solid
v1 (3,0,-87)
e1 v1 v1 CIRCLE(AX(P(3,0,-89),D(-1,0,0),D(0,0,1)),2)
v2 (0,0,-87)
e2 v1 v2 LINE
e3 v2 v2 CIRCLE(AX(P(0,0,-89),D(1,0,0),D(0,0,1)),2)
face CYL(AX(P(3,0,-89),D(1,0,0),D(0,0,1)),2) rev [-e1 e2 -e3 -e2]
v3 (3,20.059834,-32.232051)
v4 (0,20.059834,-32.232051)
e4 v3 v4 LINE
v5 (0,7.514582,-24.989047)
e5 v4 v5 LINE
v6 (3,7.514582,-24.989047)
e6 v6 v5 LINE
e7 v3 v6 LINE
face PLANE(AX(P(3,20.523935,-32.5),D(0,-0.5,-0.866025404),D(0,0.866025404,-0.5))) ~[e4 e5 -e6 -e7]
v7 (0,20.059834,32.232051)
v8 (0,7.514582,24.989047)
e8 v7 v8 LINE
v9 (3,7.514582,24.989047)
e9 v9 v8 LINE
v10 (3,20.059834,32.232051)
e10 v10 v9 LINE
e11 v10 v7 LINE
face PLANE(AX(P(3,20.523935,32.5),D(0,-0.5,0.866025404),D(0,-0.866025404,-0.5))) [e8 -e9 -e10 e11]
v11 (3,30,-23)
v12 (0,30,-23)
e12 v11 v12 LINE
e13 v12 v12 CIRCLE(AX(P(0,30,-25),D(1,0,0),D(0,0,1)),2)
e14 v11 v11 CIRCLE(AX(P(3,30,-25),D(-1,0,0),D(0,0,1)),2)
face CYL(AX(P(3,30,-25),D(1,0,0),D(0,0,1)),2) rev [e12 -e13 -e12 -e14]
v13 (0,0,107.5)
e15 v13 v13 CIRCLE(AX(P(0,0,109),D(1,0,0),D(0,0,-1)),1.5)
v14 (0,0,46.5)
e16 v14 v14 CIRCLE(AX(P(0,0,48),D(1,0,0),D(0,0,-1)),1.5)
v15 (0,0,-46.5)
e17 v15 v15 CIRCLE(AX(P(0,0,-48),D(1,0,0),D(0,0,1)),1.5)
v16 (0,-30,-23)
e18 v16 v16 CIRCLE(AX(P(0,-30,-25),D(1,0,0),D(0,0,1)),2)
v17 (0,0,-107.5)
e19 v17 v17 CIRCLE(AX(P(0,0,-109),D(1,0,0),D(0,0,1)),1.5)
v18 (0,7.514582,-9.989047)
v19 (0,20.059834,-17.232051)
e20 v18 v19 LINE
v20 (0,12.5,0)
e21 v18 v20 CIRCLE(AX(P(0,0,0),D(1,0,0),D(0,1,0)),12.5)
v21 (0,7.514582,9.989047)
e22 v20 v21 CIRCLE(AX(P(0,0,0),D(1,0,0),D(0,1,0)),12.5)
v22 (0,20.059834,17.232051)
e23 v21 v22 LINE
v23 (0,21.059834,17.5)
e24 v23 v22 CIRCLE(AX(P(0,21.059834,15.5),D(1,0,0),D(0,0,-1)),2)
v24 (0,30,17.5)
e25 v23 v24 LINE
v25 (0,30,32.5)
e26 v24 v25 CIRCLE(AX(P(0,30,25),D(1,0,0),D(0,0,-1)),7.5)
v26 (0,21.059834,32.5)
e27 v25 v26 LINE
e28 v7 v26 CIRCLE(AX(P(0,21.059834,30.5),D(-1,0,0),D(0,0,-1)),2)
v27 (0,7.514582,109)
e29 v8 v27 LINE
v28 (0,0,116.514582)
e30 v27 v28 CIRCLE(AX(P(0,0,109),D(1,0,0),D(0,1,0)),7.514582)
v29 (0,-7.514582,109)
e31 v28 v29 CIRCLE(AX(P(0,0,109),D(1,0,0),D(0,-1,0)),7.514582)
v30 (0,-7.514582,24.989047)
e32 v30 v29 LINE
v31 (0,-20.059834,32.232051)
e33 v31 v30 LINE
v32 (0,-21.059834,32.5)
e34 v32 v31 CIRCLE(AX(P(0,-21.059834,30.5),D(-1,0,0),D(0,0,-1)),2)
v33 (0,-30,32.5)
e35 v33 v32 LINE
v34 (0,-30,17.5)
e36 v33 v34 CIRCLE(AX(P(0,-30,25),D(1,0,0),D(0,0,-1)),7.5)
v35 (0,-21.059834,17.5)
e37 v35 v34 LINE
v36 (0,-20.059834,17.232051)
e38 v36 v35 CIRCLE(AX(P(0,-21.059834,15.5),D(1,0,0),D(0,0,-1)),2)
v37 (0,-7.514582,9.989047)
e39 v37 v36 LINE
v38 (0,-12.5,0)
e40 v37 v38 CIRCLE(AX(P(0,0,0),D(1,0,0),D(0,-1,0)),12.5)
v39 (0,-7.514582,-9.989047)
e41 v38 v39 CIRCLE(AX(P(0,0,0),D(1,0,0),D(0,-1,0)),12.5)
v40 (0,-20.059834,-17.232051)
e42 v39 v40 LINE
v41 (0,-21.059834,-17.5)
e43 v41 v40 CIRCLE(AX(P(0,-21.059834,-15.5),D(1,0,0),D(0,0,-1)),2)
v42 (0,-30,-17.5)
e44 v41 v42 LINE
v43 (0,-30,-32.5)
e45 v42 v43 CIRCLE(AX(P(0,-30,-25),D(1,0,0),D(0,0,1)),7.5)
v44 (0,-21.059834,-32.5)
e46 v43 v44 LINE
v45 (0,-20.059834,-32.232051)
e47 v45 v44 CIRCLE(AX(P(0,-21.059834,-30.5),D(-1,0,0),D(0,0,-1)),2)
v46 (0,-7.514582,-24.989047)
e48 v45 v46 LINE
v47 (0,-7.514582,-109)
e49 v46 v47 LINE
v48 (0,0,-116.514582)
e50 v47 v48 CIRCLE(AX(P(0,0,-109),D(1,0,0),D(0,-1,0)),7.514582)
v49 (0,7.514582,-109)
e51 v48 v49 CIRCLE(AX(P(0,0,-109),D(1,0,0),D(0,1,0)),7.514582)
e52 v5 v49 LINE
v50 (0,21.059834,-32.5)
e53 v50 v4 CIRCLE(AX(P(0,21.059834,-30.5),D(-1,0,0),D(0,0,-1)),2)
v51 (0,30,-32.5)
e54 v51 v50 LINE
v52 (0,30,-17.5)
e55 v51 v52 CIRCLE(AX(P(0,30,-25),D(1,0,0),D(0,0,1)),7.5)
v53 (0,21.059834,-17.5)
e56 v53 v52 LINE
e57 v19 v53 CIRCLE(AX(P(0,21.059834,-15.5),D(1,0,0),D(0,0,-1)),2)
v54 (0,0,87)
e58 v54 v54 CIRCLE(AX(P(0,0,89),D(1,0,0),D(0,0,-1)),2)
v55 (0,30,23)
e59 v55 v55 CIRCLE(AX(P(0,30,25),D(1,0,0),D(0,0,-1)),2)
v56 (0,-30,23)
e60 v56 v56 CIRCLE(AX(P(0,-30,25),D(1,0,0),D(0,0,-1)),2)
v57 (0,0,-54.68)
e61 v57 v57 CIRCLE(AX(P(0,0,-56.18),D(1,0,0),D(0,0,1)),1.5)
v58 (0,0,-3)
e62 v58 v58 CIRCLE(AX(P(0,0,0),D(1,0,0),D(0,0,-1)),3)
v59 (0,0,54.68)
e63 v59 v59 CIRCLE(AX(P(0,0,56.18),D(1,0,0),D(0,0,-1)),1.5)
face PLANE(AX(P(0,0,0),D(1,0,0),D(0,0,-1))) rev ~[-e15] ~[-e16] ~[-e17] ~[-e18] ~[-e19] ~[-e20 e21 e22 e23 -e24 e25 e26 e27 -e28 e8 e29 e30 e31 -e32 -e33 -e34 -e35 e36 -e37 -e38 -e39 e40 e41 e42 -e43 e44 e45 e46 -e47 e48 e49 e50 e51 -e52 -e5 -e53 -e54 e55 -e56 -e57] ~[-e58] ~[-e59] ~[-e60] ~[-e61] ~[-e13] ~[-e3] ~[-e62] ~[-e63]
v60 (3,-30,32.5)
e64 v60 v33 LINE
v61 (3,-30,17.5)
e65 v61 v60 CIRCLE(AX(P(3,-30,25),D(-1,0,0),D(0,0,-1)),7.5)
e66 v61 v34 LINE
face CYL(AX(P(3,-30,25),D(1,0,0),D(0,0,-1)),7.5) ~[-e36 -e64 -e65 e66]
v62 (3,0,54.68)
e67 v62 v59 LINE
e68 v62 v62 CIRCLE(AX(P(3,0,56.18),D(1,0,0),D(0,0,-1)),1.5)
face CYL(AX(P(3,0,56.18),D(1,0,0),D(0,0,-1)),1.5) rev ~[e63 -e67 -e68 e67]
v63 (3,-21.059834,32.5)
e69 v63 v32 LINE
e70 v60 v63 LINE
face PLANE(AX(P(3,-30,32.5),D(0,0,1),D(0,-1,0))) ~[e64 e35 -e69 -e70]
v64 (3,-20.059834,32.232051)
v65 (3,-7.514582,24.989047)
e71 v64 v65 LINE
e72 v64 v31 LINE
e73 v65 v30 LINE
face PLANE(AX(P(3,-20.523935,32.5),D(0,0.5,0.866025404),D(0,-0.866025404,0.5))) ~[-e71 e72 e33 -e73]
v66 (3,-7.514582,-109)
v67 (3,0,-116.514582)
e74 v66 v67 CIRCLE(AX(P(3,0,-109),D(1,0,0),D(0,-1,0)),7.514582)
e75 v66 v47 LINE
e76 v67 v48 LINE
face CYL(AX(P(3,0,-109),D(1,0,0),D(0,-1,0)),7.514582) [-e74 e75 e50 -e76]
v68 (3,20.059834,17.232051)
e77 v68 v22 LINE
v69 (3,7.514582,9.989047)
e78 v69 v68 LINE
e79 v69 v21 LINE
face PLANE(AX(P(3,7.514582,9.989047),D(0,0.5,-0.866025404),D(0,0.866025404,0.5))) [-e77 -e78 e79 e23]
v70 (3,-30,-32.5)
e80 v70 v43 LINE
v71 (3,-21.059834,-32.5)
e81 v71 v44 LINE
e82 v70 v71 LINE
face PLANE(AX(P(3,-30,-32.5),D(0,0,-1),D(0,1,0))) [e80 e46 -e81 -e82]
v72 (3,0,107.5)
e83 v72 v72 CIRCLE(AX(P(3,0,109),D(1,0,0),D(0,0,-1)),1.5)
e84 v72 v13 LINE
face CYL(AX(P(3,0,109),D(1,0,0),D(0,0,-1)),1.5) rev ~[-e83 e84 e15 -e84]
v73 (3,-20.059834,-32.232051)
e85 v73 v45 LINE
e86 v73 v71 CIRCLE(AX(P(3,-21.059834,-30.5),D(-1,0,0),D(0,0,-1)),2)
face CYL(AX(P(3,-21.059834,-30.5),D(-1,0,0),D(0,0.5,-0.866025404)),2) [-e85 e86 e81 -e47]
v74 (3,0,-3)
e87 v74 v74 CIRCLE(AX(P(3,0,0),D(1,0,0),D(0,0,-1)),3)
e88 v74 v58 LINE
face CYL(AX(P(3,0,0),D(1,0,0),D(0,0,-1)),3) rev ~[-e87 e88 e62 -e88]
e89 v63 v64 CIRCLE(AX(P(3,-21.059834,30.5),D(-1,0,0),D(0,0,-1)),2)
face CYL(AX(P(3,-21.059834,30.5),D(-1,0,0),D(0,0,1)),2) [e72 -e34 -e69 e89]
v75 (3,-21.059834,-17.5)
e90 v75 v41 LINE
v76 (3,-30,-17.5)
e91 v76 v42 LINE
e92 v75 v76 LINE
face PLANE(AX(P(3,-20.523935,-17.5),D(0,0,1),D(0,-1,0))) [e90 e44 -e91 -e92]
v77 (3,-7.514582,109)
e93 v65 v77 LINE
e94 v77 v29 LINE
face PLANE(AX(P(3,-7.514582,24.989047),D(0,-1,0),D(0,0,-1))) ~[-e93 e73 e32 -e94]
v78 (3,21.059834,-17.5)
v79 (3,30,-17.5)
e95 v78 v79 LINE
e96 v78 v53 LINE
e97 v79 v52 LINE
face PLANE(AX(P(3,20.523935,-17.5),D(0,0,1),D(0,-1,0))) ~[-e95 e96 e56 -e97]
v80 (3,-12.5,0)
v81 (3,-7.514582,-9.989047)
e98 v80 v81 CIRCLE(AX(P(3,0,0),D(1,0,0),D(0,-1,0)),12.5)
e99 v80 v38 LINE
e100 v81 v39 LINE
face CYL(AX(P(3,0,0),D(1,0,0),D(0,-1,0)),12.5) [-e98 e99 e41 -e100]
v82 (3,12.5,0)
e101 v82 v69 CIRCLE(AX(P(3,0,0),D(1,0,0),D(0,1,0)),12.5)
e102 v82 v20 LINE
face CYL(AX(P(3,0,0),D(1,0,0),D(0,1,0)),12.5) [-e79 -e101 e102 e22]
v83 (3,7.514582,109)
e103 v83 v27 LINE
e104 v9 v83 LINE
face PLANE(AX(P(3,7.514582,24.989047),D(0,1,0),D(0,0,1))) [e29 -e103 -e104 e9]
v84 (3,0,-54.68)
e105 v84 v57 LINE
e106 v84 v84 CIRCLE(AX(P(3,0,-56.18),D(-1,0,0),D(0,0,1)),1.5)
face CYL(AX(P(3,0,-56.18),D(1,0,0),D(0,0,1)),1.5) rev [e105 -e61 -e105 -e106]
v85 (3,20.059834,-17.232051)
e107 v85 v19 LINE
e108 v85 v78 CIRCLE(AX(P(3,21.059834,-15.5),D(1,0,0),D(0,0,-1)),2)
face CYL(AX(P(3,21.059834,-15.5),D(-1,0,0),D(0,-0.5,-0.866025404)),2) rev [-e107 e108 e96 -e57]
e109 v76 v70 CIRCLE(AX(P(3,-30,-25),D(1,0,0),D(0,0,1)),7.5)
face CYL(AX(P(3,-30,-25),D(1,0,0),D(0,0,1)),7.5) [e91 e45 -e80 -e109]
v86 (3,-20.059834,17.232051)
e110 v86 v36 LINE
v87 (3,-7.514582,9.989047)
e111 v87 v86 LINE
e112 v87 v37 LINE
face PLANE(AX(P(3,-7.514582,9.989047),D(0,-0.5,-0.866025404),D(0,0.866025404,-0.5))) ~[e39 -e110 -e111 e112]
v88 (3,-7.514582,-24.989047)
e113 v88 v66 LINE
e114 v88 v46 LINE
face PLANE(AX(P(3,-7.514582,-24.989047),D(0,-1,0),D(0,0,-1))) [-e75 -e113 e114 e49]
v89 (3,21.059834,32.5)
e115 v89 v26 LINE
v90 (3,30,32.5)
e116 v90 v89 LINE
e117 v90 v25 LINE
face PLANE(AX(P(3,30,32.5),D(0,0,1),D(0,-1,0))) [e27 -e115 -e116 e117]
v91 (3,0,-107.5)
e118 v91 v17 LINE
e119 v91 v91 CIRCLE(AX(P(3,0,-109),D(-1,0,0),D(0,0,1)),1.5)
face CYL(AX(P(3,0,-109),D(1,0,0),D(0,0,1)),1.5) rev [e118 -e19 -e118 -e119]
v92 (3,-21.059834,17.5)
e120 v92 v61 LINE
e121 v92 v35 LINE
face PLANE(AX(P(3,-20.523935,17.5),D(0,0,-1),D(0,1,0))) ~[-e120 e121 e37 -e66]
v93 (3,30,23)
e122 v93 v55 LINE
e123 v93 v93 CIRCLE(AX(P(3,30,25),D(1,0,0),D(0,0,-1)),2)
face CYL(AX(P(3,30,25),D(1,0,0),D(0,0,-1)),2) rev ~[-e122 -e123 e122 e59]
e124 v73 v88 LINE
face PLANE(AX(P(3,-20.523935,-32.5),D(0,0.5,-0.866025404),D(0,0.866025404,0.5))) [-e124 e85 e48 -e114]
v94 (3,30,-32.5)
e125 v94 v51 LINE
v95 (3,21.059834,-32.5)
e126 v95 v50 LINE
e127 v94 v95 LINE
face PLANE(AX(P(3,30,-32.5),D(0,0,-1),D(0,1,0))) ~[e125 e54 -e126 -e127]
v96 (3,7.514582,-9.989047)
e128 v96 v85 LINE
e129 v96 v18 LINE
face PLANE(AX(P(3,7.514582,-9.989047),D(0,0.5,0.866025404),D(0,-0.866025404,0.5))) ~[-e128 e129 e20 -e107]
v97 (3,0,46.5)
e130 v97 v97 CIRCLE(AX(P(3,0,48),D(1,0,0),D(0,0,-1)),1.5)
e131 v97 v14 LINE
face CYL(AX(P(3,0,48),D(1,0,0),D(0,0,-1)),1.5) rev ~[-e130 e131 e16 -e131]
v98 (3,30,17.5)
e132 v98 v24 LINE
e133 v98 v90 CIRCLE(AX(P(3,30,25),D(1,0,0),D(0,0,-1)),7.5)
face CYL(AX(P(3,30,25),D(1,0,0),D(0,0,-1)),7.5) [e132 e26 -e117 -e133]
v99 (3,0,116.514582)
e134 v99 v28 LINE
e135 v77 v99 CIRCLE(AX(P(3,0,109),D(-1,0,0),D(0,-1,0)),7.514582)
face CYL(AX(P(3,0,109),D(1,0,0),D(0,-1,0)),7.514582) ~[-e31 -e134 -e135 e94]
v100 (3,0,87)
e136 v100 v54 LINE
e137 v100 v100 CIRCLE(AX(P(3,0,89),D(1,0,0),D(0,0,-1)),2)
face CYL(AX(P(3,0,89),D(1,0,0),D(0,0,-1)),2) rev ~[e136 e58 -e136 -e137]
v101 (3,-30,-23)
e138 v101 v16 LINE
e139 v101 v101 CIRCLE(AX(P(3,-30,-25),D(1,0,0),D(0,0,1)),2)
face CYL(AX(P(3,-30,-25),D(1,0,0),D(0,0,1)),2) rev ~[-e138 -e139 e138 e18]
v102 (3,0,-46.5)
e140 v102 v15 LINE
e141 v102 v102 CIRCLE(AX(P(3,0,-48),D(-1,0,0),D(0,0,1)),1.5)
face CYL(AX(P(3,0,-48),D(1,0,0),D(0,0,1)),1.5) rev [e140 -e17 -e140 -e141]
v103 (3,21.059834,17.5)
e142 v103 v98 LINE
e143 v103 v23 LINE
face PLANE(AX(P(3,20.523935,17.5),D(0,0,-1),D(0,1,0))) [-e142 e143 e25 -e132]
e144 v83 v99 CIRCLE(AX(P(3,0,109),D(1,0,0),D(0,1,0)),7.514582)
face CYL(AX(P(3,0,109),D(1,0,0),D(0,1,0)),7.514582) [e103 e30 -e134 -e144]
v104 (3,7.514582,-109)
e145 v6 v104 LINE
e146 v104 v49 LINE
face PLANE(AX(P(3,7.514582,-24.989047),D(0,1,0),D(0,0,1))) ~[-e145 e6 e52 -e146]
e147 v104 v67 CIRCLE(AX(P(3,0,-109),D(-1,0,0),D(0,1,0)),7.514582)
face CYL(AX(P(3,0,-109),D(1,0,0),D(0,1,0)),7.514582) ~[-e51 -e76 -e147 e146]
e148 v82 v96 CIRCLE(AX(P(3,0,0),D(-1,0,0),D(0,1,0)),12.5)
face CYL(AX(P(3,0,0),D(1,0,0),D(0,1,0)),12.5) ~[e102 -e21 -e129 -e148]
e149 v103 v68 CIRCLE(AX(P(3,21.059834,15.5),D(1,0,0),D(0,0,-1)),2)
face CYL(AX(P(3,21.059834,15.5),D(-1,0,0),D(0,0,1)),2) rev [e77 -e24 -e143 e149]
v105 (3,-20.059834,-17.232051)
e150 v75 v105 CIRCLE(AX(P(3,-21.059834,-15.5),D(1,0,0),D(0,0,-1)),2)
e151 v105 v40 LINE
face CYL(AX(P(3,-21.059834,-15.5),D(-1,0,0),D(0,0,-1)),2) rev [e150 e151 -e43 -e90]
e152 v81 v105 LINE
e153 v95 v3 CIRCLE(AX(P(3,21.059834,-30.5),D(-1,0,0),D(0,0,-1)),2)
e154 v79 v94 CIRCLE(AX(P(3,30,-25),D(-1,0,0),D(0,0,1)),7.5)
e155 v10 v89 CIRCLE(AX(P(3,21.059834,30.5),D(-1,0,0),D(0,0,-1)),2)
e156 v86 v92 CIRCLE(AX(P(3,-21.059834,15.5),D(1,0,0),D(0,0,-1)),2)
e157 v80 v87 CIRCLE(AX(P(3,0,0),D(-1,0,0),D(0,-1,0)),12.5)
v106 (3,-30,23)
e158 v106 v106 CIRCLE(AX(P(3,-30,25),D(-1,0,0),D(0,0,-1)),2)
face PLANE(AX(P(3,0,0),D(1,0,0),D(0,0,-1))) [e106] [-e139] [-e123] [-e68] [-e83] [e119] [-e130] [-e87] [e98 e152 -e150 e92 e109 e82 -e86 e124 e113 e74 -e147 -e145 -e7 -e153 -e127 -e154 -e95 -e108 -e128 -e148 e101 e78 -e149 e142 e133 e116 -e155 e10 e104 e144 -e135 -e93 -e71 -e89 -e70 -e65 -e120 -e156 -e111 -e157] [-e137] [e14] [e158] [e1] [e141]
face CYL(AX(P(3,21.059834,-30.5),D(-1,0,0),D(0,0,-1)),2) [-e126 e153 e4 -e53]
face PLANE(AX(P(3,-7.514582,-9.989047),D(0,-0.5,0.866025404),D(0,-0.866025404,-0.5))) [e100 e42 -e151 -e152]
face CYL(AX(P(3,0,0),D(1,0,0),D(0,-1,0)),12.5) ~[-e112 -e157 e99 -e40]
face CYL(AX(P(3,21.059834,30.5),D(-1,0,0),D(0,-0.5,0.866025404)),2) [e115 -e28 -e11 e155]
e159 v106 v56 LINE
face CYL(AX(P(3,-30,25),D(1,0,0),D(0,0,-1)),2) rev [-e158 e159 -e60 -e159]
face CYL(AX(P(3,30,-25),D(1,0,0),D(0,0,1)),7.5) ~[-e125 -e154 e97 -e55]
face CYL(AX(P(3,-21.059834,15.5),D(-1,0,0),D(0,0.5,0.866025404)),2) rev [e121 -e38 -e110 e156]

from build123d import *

# Parameters (mm, degrees)
SKETCH1_W               = 250
SKETCH1_H               = 90
BOSS_EXTRUDE1_DEPTH     = 3
SKETCH2_R               = 3
SKETCH2_R_2             = 1.5
SKETCH2_R_3             = 2
CUT_EXTRUDE1_DEPTH      = 4
SKETCH3_R               = 2
CUT_EXTRUDE2_DEPTH      = 4
CUT_EXTRUDE3_DEPTH      = 4
MIRROR2_COPY_1_SKETCH_R = 2
MIRROR2_COPY_1_DEPTH    = 4
MIRROR2_COPY_2_DEPTH    = 4
FILLET2_R               = 2


with BuildPart() as part:
    # Sketch1 → Boss-Extrude1 (new body)
    with BuildSketch(Plane(origin=(0, 0, 0), x_dir=(0, 0, -1), z_dir=(1, 0, 0))):
        Rectangle(SKETCH1_W, SKETCH1_H)
    extrude(amount=BOSS_EXTRUDE1_DEPTH)

    # Sketch2 → Cut-Extrude1 (cut, through all)
    with BuildSketch(Plane(origin=(3, 0, 0), x_dir=(0, 0, -1), z_dir=(1, 0, 0))):
        Circle(SKETCH2_R)
        with Locations((-48, 0)):
            Circle(SKETCH2_R_2)
        with Locations((-89, 0)):
            Circle(SKETCH2_R_3)
        with Locations((-109, 0)):
            Circle(SKETCH2_R_2)
        with Locations((-56.18, 0)):
            Circle(SKETCH2_R_2)
    cut_extrude1 = extrude(amount=-CUT_EXTRUDE1_DEPTH, mode=Mode.SUBTRACT)

    # Sketch3 → Cut-Extrude2 (cut, through all)
    with BuildSketch(Plane(origin=(3, 0, 0), x_dir=(0, 0, -1), z_dir=(1, 0, 0))):
        with Locations((-25, 30)):
            Circle(SKETCH3_R)
    cut_extrude2 = extrude(amount=-CUT_EXTRUDE2_DEPTH, mode=Mode.SUBTRACT)

    # Sketch4 → Cut-Extrude3 (cut, through all)
    with BuildSketch(Plane(origin=(3, 0, 0), x_dir=(0, 0, -1), z_dir=(1, 0, 0))):
        with BuildLine():
            Line((-125, 1.99556796), (-125, 45))
            Line((-125, 45), (0, 45))
            Line((0, 45), (0, 12.5))
            ThreePointArc((0, 12.5), (-5.582012149, 11.184415066), (-9.989046524, 7.514582459))
            Line((-9.989046524, 7.514582459), (-17.5, 20.523935493))
            Line((-17.5, 20.523935493), (-17.5, 30))
            ThreePointArc((-17.5, 30), (-25, 37.5), (-32.5, 30))
            Line((-32.5, 30), (-32.5, 20.523935493))
            Line((-32.5, 20.523935493), (-24.989046524, 7.514582459))
            Line((-24.989046524, 7.514582459), (-109, 7.514582459))
            ThreePointArc((-109, 7.514582459), (-114.313612215, 5.313612215), (-116.514582459, 0))
            Line((-116.514582459, 0), (-125, 0))
            Line((-125, 0), (-125, 1.99556796))
        make_face()
    cut_extrude3 = extrude(amount=-CUT_EXTRUDE3_DEPTH, mode=Mode.SUBTRACT)

    # Mirror1: Cut-Extrude2, Cut-Extrude3 across plane
    add(cut_extrude2.mirror(Plane.ZX), mode=Mode.SUBTRACT)
    add(cut_extrude3.mirror(Plane.ZX), mode=Mode.SUBTRACT)

    # Mirror2: Cut-Extrude1, Cut-Extrude2, Cut-Extrude3 across plane
    add(cut_extrude1.mirror(Plane.XY), mode=Mode.SUBTRACT)
    add(cut_extrude2.mirror(Plane.XY), mode=Mode.SUBTRACT)
    add(cut_extrude3.mirror(Plane.XY), mode=Mode.SUBTRACT)

    # Mirror2 copy 1 sketch → Mirror2 copy 1 (cut, through all)
    with BuildSketch(Plane(origin=(3, 0, 0), x_dir=(0, 0, 1), z_dir=(1, 0, 0))):
        with Locations((-25, 30)):
            Circle(MIRROR2_COPY_1_SKETCH_R)
    extrude(amount=-MIRROR2_COPY_1_DEPTH, mode=Mode.SUBTRACT)

    # Mirror2 copy 2 sketch → Mirror2 copy 2 (cut, through all)
    with BuildSketch(Plane(origin=(3, 0, 0), x_dir=(0, 0, 1), z_dir=(1, 0, 0))):
        with BuildLine():
            Line((-125, 1.99556796), (-125, 45))
            Line((-125, 45), (0, 45))
            Line((0, 45), (0, 12.5))
            ThreePointArc((0, 12.5), (-5.582012149, 11.184415066), (-9.989046524, 7.514582459))
            Line((-9.989046524, 7.514582459), (-17.5, 20.523935493))
            Line((-17.5, 20.523935493), (-17.5, 30))
            ThreePointArc((-17.5, 30), (-25, 37.5), (-32.5, 30))
            Line((-32.5, 30), (-32.5, 20.523935493))
            Line((-32.5, 20.523935493), (-24.989046524, 7.514582459))
            Line((-24.989046524, 7.514582459), (-109, 7.514582459))
            ThreePointArc((-109, 7.514582459), (-114.313612215, 5.313612215), (-116.514582459, 0))
            Line((-116.514582459, 0), (-125, 0))
            Line((-125, 0), (-125, 1.99556796))
        make_face()
    extrude(amount=-MIRROR2_COPY_2_DEPTH, mode=Mode.SUBTRACT)

    # Fillet2
    fillet2_edges = [part.edges().sort_by_distance(p)[0] for p in [
        (1.5, -20.523935493, -32.5),
        (1.5, -20.523935493, -17.5),
        (1.5, 20.523935493, -17.5),
        (1.5, 20.523935493, -32.5),
        (1.5, 20.523935493, 32.5),
        (1.5, 20.523935493, 17.5),
        (1.5, -20.523935493, 17.5),
        (1.5, -20.523935493, 32.5),
    ]]
    fillet(fillet2_edges, radius=FILLET2_R)


solid = part.part
